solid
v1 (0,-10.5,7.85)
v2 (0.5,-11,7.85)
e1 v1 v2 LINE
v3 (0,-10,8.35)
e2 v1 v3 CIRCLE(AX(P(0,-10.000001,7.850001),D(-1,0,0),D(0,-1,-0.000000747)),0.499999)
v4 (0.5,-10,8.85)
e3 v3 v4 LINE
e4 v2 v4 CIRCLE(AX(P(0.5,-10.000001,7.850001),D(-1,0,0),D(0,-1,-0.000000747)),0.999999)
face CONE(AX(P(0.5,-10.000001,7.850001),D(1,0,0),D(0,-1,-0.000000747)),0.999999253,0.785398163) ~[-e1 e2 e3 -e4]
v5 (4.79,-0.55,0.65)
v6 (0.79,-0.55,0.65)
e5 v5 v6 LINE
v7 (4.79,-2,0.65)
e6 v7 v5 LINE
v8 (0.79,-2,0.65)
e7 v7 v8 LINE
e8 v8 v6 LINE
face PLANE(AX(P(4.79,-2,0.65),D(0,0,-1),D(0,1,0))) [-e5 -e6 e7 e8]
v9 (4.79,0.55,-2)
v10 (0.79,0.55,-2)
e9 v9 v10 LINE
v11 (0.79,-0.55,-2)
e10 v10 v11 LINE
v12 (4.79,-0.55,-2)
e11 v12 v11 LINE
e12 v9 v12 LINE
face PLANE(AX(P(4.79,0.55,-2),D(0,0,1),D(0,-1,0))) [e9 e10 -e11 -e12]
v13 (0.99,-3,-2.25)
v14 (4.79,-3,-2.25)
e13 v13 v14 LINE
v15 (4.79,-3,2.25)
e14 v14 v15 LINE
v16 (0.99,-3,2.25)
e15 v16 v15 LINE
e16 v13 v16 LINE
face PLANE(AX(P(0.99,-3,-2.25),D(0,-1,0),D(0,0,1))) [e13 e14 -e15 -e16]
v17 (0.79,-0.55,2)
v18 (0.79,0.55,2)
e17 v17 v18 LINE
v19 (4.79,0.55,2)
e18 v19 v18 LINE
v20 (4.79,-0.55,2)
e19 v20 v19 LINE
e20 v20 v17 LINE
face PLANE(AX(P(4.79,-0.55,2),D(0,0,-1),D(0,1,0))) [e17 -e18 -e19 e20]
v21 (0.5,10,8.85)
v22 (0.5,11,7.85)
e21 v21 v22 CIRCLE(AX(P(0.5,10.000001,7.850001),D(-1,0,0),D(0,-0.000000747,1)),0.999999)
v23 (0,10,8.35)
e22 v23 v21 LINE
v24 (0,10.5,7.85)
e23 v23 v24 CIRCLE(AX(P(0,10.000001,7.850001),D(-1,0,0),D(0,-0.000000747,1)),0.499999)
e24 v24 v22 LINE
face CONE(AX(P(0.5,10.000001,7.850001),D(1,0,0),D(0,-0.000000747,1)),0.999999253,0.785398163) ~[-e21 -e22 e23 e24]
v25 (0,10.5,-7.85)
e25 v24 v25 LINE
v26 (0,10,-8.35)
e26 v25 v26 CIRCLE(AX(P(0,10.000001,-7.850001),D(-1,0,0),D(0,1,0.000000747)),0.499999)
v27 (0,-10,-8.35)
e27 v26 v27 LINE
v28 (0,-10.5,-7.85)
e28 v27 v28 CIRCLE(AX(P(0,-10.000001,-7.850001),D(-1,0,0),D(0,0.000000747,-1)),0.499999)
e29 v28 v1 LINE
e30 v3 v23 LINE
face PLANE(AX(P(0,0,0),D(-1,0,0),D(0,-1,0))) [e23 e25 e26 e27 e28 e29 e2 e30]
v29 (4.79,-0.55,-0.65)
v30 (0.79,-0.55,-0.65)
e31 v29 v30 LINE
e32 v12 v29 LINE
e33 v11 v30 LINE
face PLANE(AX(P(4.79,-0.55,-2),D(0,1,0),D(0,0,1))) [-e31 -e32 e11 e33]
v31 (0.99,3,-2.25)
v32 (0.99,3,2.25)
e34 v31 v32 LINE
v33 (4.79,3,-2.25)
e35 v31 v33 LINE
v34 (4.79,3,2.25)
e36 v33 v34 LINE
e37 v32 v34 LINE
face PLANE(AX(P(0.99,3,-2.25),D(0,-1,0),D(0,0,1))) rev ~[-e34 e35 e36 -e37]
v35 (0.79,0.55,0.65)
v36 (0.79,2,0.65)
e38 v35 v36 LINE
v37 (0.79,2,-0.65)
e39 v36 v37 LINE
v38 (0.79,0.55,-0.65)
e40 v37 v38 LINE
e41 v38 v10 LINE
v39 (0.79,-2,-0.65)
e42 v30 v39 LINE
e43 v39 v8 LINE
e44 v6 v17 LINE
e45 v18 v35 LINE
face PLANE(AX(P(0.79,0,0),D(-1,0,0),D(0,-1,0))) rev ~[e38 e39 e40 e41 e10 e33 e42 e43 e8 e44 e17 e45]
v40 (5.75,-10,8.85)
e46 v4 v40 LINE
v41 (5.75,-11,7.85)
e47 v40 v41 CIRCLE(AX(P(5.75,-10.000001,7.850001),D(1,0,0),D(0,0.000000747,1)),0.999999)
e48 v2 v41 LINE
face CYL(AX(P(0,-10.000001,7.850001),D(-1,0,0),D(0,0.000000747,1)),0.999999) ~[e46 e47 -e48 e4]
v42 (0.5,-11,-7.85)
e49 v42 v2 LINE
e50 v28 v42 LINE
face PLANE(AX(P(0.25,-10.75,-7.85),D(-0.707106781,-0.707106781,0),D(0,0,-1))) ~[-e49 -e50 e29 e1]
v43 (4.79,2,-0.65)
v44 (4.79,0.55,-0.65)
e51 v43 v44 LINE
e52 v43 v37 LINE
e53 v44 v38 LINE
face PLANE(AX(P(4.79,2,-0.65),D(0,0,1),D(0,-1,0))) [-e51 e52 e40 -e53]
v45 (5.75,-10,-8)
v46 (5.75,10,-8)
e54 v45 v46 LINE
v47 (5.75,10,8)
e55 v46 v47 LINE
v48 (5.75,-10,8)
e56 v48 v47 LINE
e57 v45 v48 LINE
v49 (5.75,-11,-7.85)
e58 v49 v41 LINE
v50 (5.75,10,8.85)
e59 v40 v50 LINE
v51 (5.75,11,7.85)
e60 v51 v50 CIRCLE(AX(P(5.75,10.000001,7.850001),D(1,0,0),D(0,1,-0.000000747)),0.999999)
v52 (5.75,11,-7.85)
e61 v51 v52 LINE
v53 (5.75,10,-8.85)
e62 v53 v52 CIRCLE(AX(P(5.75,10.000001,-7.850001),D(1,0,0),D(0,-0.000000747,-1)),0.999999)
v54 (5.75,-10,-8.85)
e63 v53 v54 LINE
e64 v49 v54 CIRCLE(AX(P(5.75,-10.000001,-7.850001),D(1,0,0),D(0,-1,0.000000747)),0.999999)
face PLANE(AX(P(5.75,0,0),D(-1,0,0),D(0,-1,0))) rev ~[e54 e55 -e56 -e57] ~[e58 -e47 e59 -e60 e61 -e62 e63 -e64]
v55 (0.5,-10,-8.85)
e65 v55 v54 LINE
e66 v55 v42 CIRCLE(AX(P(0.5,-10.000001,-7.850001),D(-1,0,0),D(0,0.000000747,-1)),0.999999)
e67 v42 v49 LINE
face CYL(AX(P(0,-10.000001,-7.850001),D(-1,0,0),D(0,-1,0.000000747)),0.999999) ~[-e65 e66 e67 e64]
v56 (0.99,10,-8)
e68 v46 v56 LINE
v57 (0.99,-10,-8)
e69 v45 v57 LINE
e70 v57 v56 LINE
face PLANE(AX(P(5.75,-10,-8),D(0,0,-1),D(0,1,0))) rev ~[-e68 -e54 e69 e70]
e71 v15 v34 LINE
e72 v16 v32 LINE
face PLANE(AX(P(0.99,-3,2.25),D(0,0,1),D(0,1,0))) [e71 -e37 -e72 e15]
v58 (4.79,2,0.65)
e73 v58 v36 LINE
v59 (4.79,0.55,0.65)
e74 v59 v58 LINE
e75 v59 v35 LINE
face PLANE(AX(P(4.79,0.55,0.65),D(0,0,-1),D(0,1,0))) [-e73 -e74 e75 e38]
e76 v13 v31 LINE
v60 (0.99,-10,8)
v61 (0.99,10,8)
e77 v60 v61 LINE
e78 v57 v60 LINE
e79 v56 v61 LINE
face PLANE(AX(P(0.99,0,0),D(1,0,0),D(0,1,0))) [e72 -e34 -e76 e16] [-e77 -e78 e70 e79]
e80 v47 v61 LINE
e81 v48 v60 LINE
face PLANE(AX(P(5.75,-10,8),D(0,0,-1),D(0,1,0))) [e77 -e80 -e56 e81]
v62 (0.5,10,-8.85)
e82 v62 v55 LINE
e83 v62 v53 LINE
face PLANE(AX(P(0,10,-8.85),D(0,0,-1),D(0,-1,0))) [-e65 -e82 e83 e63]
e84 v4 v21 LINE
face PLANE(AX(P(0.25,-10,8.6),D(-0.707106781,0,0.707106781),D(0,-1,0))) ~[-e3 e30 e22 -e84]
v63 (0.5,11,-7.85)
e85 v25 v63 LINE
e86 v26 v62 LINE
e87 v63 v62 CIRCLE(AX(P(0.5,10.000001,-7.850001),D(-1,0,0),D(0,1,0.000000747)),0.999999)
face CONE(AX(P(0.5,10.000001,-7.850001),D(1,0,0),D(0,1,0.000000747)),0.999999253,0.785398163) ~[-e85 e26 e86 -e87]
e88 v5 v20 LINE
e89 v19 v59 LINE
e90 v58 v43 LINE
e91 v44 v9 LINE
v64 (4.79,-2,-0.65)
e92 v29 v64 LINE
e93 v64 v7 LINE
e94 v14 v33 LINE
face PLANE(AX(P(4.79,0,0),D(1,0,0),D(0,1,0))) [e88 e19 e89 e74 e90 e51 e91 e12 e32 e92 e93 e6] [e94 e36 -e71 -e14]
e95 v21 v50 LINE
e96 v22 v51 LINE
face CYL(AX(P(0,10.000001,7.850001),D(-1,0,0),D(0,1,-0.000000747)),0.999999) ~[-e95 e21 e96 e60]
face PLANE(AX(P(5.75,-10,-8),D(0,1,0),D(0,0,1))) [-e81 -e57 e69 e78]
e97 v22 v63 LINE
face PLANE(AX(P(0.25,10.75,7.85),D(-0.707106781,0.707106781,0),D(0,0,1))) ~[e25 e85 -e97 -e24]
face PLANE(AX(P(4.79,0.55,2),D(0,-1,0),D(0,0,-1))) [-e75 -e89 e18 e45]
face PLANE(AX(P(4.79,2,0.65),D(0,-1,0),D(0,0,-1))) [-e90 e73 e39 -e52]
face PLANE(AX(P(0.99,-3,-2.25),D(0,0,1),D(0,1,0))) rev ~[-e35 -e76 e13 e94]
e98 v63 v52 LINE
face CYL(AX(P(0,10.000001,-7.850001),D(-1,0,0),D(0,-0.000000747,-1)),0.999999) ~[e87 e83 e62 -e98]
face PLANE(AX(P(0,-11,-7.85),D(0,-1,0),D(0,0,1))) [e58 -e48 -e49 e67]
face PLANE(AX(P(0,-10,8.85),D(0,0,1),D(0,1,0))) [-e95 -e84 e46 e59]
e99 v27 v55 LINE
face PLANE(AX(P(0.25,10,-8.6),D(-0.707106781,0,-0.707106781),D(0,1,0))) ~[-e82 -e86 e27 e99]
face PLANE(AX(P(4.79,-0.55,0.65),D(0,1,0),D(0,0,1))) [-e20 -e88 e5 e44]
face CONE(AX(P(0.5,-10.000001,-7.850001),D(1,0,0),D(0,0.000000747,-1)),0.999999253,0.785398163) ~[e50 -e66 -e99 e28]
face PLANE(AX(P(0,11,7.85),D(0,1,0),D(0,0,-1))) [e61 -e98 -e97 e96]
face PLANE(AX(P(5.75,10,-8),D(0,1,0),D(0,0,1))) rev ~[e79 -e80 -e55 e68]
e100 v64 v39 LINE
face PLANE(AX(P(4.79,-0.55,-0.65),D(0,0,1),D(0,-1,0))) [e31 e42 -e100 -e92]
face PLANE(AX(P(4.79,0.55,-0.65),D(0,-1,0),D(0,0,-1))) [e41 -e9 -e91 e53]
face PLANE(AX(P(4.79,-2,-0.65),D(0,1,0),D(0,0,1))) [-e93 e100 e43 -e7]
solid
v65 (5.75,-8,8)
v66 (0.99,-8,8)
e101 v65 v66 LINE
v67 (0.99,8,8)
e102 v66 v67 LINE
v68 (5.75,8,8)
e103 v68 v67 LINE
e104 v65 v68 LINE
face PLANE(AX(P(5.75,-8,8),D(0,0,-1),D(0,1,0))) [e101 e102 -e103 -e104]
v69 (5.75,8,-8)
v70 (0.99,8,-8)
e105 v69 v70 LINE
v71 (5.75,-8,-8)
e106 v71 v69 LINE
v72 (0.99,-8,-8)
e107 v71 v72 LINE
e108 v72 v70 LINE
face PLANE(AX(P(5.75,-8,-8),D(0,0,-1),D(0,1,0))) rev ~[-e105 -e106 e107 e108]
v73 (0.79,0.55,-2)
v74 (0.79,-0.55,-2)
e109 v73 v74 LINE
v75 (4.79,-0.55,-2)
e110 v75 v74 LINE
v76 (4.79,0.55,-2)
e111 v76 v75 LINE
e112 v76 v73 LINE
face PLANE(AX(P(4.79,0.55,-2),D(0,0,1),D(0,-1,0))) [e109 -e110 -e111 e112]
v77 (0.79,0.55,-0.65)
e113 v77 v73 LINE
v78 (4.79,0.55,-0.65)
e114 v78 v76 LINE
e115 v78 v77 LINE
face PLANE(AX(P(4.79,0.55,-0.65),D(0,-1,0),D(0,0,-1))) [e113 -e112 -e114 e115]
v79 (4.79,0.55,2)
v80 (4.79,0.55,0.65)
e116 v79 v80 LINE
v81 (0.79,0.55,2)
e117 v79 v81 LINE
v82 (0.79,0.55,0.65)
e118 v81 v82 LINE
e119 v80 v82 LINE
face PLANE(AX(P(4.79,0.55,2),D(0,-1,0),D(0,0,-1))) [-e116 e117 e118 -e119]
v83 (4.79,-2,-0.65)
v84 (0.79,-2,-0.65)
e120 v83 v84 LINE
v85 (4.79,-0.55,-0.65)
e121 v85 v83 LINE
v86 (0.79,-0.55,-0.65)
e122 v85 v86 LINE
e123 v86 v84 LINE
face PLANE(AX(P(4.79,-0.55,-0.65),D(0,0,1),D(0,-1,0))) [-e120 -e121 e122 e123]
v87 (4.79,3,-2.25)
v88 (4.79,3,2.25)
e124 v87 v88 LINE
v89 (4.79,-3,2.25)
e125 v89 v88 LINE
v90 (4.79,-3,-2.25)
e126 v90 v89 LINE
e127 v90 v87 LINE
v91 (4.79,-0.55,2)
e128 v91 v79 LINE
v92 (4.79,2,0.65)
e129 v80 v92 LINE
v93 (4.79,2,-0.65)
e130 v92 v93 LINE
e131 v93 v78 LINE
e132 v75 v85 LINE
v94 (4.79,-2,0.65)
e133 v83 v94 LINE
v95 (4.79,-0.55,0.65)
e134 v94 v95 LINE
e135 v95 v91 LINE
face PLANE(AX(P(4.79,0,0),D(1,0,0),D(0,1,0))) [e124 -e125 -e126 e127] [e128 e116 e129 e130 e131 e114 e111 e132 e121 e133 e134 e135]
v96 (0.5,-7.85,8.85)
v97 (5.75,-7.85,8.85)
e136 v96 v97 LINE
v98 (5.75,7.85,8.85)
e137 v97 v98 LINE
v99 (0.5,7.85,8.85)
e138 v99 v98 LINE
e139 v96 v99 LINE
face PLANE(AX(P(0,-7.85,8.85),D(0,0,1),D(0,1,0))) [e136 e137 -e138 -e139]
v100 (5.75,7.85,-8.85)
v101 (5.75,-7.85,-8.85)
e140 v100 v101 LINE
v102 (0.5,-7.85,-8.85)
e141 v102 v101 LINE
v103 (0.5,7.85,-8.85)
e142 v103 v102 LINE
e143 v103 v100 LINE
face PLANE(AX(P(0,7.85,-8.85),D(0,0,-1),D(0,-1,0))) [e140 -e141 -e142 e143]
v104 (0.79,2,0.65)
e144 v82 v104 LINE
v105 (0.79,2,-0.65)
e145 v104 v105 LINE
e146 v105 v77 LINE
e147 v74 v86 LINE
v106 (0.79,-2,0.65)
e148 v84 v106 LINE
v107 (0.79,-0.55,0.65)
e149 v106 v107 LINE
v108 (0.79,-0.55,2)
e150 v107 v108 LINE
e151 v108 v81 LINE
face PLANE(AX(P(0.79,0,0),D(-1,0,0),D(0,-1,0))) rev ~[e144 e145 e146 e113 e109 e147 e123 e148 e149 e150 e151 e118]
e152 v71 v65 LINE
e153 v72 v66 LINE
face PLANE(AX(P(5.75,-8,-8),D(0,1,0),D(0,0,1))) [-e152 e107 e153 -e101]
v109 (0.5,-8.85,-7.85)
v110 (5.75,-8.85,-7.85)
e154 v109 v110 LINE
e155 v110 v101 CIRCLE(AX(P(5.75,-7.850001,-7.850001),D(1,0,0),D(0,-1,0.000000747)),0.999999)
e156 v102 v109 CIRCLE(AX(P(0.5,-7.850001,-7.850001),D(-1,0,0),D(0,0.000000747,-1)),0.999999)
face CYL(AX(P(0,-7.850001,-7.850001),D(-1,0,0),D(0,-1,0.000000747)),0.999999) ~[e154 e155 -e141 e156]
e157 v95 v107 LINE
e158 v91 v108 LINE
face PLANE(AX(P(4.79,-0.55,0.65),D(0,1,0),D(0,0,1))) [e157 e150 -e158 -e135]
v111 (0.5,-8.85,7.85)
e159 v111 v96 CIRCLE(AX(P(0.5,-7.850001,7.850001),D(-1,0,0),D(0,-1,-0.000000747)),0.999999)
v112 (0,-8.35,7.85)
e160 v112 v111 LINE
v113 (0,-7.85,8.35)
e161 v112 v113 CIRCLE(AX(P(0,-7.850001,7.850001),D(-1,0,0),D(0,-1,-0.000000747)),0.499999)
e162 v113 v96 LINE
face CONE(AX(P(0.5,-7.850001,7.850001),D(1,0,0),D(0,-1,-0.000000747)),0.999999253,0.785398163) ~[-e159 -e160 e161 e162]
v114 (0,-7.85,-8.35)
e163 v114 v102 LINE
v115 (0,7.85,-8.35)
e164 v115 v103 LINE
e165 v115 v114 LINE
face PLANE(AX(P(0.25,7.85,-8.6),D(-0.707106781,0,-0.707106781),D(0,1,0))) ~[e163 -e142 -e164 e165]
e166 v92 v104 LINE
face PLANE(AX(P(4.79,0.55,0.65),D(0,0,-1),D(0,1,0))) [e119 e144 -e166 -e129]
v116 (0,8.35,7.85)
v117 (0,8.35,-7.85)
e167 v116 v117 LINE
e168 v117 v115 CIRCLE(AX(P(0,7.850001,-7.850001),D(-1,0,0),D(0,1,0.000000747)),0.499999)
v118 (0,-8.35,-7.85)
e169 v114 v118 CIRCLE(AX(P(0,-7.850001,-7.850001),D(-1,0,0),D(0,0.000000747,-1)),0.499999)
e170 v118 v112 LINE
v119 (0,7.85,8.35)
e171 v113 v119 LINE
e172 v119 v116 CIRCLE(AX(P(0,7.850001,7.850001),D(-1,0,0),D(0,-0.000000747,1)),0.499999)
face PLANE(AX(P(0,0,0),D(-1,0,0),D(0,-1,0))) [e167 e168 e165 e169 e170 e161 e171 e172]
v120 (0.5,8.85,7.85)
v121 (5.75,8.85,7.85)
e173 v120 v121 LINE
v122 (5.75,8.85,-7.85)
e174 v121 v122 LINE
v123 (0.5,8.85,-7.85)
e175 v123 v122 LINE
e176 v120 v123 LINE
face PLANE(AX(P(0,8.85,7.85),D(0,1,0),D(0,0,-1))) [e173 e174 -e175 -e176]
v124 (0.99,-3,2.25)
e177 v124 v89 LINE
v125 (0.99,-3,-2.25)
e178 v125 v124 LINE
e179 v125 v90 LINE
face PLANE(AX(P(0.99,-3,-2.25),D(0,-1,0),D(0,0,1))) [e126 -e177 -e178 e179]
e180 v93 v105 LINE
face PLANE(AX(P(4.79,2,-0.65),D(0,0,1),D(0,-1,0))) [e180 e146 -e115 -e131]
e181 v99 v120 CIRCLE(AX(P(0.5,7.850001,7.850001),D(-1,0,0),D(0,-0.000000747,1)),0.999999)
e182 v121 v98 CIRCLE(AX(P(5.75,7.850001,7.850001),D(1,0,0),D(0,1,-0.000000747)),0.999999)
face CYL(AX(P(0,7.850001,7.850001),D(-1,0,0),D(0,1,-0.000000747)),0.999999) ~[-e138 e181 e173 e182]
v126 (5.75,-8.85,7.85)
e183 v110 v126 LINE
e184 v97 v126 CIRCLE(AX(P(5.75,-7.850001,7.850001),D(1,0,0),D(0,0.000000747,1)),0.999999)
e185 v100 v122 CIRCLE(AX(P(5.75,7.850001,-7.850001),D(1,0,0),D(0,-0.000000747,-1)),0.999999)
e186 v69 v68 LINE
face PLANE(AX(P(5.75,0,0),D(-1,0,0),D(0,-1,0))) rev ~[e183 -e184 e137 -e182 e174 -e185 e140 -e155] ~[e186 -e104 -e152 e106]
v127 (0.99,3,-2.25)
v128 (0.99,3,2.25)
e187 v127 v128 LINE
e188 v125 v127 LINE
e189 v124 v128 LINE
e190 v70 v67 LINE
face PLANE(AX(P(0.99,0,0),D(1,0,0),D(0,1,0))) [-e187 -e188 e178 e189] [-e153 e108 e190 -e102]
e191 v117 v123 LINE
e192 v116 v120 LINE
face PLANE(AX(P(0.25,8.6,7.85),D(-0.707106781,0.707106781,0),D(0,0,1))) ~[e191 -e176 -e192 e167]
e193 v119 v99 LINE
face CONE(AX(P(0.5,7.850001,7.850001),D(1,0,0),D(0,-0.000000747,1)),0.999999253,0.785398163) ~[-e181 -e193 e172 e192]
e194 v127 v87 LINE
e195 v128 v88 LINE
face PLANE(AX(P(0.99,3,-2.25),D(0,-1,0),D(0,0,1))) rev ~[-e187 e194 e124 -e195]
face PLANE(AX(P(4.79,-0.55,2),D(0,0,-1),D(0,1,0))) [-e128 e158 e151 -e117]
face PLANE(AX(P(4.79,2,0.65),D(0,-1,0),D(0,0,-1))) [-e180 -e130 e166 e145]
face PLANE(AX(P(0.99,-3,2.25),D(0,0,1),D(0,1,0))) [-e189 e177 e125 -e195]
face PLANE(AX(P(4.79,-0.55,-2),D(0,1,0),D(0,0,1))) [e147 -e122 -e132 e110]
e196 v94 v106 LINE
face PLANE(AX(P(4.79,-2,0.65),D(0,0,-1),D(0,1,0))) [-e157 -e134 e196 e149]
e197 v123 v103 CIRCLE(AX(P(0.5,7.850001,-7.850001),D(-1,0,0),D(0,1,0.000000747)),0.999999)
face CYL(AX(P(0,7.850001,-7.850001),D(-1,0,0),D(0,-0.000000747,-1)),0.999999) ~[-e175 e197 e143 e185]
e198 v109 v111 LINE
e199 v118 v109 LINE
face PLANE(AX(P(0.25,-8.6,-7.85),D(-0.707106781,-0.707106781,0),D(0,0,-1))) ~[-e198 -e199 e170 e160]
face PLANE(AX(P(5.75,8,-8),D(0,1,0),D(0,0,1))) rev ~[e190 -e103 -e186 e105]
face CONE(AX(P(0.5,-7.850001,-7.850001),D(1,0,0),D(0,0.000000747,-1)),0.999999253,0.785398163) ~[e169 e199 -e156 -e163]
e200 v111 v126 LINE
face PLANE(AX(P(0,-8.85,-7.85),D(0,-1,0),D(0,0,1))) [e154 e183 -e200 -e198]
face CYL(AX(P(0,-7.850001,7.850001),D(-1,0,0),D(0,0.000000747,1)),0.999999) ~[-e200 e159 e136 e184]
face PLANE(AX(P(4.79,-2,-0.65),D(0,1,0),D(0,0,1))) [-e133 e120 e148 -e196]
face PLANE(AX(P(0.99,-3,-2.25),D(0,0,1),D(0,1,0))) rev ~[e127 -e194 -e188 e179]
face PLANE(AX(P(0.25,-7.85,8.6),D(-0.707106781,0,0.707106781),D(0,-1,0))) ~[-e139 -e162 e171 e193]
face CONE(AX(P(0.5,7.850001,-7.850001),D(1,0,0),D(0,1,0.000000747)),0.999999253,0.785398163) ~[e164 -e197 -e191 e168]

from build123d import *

# Parameters (mm, degrees)
PAD_DEPTH       = 5.75
SKETCH001_W     = 16
SKETCH001_H     = 16
POCKET_DEPTH    = 4.76
CHAMFER_SIZE    = 0.5
SKETCH002_W     = 6
SKETCH002_H     = 4.5
PAD001_DEPTH    = 3.8
POCKET001_DEPTH = 4
PAD002_DEPTH    = 5.75
SKETCH005_W     = 20
SKETCH005_H     = 16
POCKET002_DEPTH = 4.76
CHAMFER001_SIZE = 0.5
SKETCH006_W     = 6
SKETCH006_H     = 4.5
PAD003_DEPTH    = 3.8
POCKET003_DEPTH = 4


with BuildPart() as f_1_u:
    # Sketch → Pad (new body)
    with BuildSketch(Plane.YZ):
        with BuildLine():
            Line((-7.85, 8.85), (7.85, 8.85))
            ThreePointArc((8.85, 7.85), (8.557107, 8.557107), (7.85, 8.85))
            Line((8.85, 7.85), (8.85, -7.85))
            ThreePointArc((7.85, -8.85), (8.557107, -8.557107), (8.85, -7.85))
            Line((7.85, -8.85), (-7.85, -8.85))
            ThreePointArc((-8.85, -7.85), (-8.557107, -8.557107), (-7.85, -8.85))
            Line((-8.85, -7.85), (-8.85, 7.85))
            ThreePointArc((-7.85, 8.85), (-8.557107, 8.557107), (-8.85, 7.85))
        make_face()
    extrude(amount=PAD_DEPTH)

    # Sketch001 (on Face10 of Pad) → Pocket (cut)
    with BuildSketch(Plane.YZ.offset(5.75)):
        Rectangle(SKETCH001_W, SKETCH001_H)
    extrude(amount=-POCKET_DEPTH, mode=Mode.SUBTRACT)

    # Chamfer
    chamfer_edges = [f_1_u.edges().sort_by_distance(p)[0] for p in [
        (0, -8.85, 0),
        (0, -8.557107, 8.557107),
        (0, 0, 8.85),
        (0, 8.557107, 8.557107),
        (0, 8.85, 0),
        (0, 8.557107, -8.557107),
        (0, 0, -8.85),
        (0, -8.557107, -8.557107),
    ]]
    chamfer(chamfer_edges, length=CHAMFER_SIZE)

    # Sketch002 (on Face23 of Chamfer) → Pad001 (join)
    with BuildSketch(Plane.YZ.offset(0.99)):
        Rectangle(SKETCH002_W, SKETCH002_H)
    extrude(amount=PAD001_DEPTH)

    # Sketch003 (on Face28 of Pad001) → Pocket001 (cut)
    with BuildSketch(Plane.YZ.offset(4.79)):
        Polygon((-0.55, 2), (0.55, 2), (0.55, 0.65), (2, 0.65), (2, -0.65), (0.55, -0.65), (0.55, -2), (-0.55, -2), (-0.55, -0.65), (-2, -0.65), (-2, 0.65), (-0.55, 0.65), align=None)
    extrude(amount=-POCKET001_DEPTH, mode=Mode.SUBTRACT)


with BuildPart() as f_1_5_u:
    # Sketch004 → Pad002 (new body)
    with BuildSketch(Plane.YZ):
        with BuildLine():
            Line((-10, 8.85), (10, 8.85))
            ThreePointArc((11, 7.85), (10.707107, 8.557107), (10, 8.85))
            Line((11, 7.85), (11, -7.85))
            ThreePointArc((10, -8.85), (10.707107, -8.557107), (11, -7.85))
            Line((10, -8.85), (-10, -8.85))
            ThreePointArc((-11, -7.85), (-10.707107, -8.557107), (-10, -8.85))
            Line((-11, -7.85), (-11, 7.85))
            ThreePointArc((-10, 8.85), (-10.707107, 8.557107), (-11, 7.85))
        make_face()
    extrude(amount=PAD002_DEPTH)

    # Sketch005 (on Face10 of Pad002) → Pocket002 (cut)
    with BuildSketch(Plane.YZ.offset(5.75)):
        Rectangle(SKETCH005_W, SKETCH005_H)
    extrude(amount=-POCKET002_DEPTH, mode=Mode.SUBTRACT)

    # Chamfer001
    chamfer001_edges = [f_1_5_u.edges().sort_by_distance(p)[0] for p in [
        (0, -11, 0),
        (0, -10.707107, 8.557107),
        (0, 0, 8.85),
        (0, 10.707107, 8.557107),
        (0, 11, 0),
        (0, 10.707107, -8.557107),
        (0, 0, -8.85),
        (0, -10.707107, -8.557107),
    ]]
    chamfer(chamfer001_edges, length=CHAMFER001_SIZE)

    # Sketch006 (on Face23 of Chamfer001) → Pad003 (join)
    with BuildSketch(Plane.YZ.offset(0.99)):
        Rectangle(SKETCH006_W, SKETCH006_H)
    extrude(amount=PAD003_DEPTH)

    # Sketch007 (on Face28 of Pad003) → Pocket003 (cut)
    with BuildSketch(Plane.YZ.offset(4.79)):
        Polygon((-0.55, 2), (0.55, 2), (0.55, 0.65), (2, 0.65), (2, -0.65), (0.55, -0.65), (0.55, -2), (-0.55, -2), (-0.55, -0.65), (-2, -0.65), (-2, 0.65), (-0.55, 0.65), align=None)
    extrude(amount=-POCKET003_DEPTH, mode=Mode.SUBTRACT)


solid = Compound([f_1_u.part, f_1_5_u.part])
